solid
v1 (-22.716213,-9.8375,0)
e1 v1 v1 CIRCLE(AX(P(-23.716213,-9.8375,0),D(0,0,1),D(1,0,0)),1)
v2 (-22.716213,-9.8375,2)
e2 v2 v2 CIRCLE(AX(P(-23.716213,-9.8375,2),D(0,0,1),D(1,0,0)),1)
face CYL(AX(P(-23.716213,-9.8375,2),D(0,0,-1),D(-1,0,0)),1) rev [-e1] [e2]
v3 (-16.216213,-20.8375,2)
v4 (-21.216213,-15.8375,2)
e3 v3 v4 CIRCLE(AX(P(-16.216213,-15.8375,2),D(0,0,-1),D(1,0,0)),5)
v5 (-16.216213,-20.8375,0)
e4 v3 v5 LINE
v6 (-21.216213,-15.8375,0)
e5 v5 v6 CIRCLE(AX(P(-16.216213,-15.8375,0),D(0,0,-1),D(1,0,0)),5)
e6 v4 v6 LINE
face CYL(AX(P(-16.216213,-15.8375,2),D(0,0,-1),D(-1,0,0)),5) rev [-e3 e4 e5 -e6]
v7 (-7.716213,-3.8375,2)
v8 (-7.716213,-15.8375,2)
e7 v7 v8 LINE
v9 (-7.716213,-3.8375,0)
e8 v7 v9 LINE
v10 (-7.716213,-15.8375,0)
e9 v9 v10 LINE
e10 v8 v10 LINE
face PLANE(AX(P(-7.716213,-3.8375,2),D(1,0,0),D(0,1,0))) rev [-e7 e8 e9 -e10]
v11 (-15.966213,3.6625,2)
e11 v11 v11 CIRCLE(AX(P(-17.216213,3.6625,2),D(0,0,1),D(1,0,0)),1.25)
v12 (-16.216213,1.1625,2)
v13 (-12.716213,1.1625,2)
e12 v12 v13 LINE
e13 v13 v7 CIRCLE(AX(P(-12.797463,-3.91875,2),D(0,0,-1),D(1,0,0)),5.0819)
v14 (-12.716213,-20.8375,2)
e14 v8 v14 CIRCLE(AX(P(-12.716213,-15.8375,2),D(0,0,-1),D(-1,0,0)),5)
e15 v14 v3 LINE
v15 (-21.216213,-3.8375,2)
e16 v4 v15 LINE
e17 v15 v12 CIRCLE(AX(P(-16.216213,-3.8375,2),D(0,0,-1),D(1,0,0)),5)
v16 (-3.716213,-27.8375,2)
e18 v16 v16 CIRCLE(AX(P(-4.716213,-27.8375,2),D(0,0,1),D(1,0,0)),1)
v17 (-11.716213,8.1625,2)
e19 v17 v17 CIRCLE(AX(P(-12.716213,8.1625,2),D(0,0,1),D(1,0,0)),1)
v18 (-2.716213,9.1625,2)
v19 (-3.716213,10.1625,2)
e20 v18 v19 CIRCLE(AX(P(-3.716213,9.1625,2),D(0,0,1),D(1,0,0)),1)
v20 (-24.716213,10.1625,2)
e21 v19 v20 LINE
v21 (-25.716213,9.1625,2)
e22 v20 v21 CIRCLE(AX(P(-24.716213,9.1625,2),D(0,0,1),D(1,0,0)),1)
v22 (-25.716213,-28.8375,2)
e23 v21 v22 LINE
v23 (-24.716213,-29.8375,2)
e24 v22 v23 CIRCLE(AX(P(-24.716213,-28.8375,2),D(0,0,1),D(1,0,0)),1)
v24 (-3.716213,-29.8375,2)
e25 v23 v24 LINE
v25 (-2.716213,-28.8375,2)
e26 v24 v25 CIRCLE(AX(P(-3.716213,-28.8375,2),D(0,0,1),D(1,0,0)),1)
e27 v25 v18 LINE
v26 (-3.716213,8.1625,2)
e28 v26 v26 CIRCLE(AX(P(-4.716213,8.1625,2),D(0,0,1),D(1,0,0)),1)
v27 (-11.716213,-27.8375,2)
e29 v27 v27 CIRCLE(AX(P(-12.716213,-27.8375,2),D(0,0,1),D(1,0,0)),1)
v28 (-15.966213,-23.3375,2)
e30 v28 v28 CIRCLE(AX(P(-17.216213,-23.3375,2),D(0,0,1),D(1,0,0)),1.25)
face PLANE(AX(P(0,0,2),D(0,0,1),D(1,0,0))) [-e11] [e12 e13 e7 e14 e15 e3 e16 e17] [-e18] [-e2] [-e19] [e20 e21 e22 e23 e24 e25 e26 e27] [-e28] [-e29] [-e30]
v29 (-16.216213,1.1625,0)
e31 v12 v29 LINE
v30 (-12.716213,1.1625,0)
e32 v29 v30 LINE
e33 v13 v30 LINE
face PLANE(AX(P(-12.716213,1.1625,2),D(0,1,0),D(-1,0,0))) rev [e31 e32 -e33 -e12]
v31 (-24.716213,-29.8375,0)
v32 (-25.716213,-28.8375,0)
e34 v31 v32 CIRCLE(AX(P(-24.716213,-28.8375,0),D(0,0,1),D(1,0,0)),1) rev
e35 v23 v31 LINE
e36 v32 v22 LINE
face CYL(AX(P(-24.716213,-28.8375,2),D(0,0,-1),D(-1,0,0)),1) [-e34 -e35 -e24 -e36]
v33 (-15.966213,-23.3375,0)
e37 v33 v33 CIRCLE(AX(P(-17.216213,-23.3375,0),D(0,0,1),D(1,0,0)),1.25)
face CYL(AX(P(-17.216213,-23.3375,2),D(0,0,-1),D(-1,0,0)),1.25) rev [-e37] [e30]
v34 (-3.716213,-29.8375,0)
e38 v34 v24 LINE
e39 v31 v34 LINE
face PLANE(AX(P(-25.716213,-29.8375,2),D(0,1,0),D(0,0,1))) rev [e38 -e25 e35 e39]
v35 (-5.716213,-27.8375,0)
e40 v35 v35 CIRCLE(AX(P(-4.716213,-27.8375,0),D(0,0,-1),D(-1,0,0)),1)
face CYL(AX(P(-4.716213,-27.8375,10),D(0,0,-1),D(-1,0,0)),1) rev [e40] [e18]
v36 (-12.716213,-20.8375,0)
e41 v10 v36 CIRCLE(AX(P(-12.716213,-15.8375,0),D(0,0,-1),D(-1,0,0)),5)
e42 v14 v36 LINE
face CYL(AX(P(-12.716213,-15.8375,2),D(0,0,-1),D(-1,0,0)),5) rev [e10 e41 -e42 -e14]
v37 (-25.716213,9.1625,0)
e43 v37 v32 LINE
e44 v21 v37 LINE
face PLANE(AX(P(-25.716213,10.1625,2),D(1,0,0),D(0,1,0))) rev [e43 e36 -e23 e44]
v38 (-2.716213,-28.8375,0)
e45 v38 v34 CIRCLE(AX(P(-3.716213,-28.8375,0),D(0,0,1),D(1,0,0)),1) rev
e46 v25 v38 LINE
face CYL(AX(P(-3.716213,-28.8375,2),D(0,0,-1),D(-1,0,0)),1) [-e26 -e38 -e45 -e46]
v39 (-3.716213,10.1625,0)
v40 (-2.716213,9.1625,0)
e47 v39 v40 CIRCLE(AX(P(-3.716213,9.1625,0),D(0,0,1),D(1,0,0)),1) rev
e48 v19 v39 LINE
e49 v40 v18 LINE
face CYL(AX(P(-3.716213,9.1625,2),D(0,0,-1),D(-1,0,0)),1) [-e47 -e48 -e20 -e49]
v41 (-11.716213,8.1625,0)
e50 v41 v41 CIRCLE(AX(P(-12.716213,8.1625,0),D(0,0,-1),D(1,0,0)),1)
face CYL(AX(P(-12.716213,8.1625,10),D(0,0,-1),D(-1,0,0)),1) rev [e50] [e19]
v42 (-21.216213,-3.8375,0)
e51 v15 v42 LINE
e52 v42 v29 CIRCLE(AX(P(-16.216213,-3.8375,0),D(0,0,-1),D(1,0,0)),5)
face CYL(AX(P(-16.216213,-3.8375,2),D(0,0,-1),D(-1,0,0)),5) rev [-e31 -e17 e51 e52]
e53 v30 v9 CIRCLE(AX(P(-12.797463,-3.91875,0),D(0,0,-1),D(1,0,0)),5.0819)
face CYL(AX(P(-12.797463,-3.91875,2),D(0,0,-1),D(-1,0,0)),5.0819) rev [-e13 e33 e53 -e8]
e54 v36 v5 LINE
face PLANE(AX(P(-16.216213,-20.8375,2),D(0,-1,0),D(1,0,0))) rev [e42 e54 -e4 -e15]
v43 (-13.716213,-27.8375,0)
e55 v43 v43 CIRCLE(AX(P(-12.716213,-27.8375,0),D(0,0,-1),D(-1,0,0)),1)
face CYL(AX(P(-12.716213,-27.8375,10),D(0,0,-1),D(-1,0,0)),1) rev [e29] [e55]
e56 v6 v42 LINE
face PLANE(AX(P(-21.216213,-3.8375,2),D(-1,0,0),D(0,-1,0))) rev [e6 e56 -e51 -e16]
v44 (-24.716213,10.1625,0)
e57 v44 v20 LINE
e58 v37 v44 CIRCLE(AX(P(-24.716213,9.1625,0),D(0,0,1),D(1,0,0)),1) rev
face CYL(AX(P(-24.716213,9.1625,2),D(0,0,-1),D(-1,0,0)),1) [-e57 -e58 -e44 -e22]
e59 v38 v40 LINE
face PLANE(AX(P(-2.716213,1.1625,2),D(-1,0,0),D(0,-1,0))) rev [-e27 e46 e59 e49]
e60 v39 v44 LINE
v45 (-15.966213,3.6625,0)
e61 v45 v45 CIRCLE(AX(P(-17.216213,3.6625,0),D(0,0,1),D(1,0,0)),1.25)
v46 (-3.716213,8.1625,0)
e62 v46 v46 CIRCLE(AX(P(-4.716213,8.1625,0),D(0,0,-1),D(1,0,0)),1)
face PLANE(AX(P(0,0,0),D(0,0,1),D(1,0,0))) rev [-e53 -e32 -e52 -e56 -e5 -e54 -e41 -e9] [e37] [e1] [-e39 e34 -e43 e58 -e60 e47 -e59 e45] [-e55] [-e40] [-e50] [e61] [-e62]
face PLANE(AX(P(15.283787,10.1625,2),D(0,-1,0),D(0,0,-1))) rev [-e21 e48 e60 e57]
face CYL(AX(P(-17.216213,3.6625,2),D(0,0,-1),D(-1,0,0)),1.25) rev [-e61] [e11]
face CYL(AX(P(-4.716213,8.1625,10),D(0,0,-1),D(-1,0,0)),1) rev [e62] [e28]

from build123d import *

# Parameters (mm, degrees)
SKETCH_1_W          = 41
SKETCH_1_H          = 40
SKETCH_1_R          = 1.25
SKETCH_1_R_2        = 1
EXTRUDE_1_DEPTH     = 2
SKETCH_4_W          = 18
SKETCH_4_H          = 22
CUT_EXTRUDE_1_DEPTH = 2
FILLET_2_R          = 2.5
FILLET_3_R          = 5
CUT_EXTRUDE_2_DEPTH = 2
FILLET_4_R          = 1
SKETCH_6_W          = 18
SKETCH_6_H          = 14
CUT_EXTRUDE_3_DEPTH = 10
FILLET_5_R          = 1
SKETCH_7_R          = 1
CUT_EXTRUDE_4_DEPTH = 10


with BuildPart() as part:
    # 草圖1 → 填料-伸長1 (new body)
    with BuildSketch(Plane.XY):
        with Locations((-5.216213198, -9.8375)):
            Rectangle(SKETCH_1_W, SKETCH_1_H)
        with Locations((-17.216213198, 3.6625)):
            Circle(SKETCH_1_R, mode=Mode.SUBTRACT)
        with Locations((-17.216213198, -23.3375)):
            Circle(SKETCH_1_R, mode=Mode.SUBTRACT)
        with Locations((12.783786802, -23.3375)):
            Circle(SKETCH_1_R, mode=Mode.SUBTRACT)
        with Locations((12.783786802, 3.6625)):
            Circle(SKETCH_1_R, mode=Mode.SUBTRACT)
        with Locations((-23.716213198, -9.8375)):
            Circle(SKETCH_1_R_2, mode=Mode.SUBTRACT)
    extrude(amount=EXTRUDE_1_DEPTH)

    # 草圖4 → 除料-伸長1 (cut)
    with BuildSketch(Plane(origin=(0, 0, 0), x_dir=(-1, 0, 0), z_dir=(0, 0, -1))):
        with Locations((-6.283786802, -9.8375)):
            Rectangle(SKETCH_4_W, SKETCH_4_H)
    extrude(amount=-CUT_EXTRUDE_1_DEPTH, mode=Mode.SUBTRACT)

    # 圓角2
    fillet_2_edges = [part.edges().sort_by_distance(p)[0] for p in [
        (15.283786802, -20.8375, 1),
        (15.283786802, 1.1625, 1),
    ]]
    fillet(fillet_2_edges, radius=FILLET_2_R)

    # 圓角3
    fillet_3_edges = [part.edges().sort_by_distance(p)[0] for p in [
        (-2.716213198, 1.1625, 1),
        (-2.716213198, -20.8375, 1),
    ]]
    fillet(fillet_3_edges, radius=FILLET_3_R)

    # 草圖5 → 除料-伸長2 (cut)
    with BuildSketch(Plane(origin=(0, 0, 0), x_dir=(-1, 0, 0), z_dir=(0, 0, -1))):
        with BuildLine():
            Line((7.716213198, -3.8375), (7.716213198, -15.8375))
            ThreePointArc((7.716213198, -15.8375), (9.180679292, -19.373033906), (12.716213198, -20.8375))
            Line((12.716213198, -20.8375), (16.216213198, -20.8375))
            ThreePointArc((16.216213198, -20.8375), (19.751747104, -19.373033906), (21.216213198, -15.8375))
            Line((21.216213198, -15.8375), (21.216213198, -3.8375))
            ThreePointArc((21.216213198, -3.8375), (19.751747104, -0.301966094), (16.216213198, 1.1625))
            Line((16.216213198, 1.1625), (12.716213198, 1.1625))
            ThreePointArc((12.716213198, 1.1625), (9.204017559, -0.325304361), (7.716213198, -3.8375))
        make_face()
    extrude(amount=-CUT_EXTRUDE_2_DEPTH, mode=Mode.SUBTRACT)

    # 圓角4
    fillet_4_edges = [part.edges().sort_by_distance(p)[0] for p in [
        (-25.716213198, 10.1625, 1),
        (15.283786802, 10.1625, 1),
        (15.283786802, -29.8375, 1),
        (-25.716213198, -29.8375, 1),
    ]]
    fillet(fillet_4_edges, radius=FILLET_4_R)

    # 草圖6 → 除料-伸長3 (cut)
    with BuildSketch(Plane(origin=(0, 0, 0), x_dir=(-1, 0, 0), z_dir=(0, 0, -1))):
        with Locations((-6.283786802, 3.1625)):
            Rectangle(SKETCH_6_W, SKETCH_6_H)
        with Locations((-6.283786802, -22.8375)):
            Rectangle(SKETCH_6_W, SKETCH_6_H)
    extrude(amount=-CUT_EXTRUDE_3_DEPTH, mode=Mode.SUBTRACT)

    # 圓角5
    fillet_5_edges = [part.edges().sort_by_distance(p)[0] for p in [
        (-2.716213198, 10.1625, 1),
        (-2.716213198, -29.8375, 1),
    ]]
    fillet(fillet_5_edges, radius=FILLET_5_R)

    # 草圖7 → 除料-伸長4 (cut)
    with BuildSketch(Plane(origin=(0, 0, 0), x_dir=(-1, 0, 0), z_dir=(0, 0, -1))):
        with Locations((4.716213198, -27.8375)):
            Circle(SKETCH_7_R)
        with Locations((12.716213198, -27.8375)):
            Circle(SKETCH_7_R)
        with Locations(Location((12.716213198, 8.1625, 0), (0, 0, 180))):
            Circle(SKETCH_7_R)
        with Locations(Location((4.716213198, 8.1625, 0), (0, 0, 180))):
            Circle(SKETCH_7_R)
    extrude(amount=-CUT_EXTRUDE_4_DEPTH, mode=Mode.SUBTRACT)


solid = part.part
